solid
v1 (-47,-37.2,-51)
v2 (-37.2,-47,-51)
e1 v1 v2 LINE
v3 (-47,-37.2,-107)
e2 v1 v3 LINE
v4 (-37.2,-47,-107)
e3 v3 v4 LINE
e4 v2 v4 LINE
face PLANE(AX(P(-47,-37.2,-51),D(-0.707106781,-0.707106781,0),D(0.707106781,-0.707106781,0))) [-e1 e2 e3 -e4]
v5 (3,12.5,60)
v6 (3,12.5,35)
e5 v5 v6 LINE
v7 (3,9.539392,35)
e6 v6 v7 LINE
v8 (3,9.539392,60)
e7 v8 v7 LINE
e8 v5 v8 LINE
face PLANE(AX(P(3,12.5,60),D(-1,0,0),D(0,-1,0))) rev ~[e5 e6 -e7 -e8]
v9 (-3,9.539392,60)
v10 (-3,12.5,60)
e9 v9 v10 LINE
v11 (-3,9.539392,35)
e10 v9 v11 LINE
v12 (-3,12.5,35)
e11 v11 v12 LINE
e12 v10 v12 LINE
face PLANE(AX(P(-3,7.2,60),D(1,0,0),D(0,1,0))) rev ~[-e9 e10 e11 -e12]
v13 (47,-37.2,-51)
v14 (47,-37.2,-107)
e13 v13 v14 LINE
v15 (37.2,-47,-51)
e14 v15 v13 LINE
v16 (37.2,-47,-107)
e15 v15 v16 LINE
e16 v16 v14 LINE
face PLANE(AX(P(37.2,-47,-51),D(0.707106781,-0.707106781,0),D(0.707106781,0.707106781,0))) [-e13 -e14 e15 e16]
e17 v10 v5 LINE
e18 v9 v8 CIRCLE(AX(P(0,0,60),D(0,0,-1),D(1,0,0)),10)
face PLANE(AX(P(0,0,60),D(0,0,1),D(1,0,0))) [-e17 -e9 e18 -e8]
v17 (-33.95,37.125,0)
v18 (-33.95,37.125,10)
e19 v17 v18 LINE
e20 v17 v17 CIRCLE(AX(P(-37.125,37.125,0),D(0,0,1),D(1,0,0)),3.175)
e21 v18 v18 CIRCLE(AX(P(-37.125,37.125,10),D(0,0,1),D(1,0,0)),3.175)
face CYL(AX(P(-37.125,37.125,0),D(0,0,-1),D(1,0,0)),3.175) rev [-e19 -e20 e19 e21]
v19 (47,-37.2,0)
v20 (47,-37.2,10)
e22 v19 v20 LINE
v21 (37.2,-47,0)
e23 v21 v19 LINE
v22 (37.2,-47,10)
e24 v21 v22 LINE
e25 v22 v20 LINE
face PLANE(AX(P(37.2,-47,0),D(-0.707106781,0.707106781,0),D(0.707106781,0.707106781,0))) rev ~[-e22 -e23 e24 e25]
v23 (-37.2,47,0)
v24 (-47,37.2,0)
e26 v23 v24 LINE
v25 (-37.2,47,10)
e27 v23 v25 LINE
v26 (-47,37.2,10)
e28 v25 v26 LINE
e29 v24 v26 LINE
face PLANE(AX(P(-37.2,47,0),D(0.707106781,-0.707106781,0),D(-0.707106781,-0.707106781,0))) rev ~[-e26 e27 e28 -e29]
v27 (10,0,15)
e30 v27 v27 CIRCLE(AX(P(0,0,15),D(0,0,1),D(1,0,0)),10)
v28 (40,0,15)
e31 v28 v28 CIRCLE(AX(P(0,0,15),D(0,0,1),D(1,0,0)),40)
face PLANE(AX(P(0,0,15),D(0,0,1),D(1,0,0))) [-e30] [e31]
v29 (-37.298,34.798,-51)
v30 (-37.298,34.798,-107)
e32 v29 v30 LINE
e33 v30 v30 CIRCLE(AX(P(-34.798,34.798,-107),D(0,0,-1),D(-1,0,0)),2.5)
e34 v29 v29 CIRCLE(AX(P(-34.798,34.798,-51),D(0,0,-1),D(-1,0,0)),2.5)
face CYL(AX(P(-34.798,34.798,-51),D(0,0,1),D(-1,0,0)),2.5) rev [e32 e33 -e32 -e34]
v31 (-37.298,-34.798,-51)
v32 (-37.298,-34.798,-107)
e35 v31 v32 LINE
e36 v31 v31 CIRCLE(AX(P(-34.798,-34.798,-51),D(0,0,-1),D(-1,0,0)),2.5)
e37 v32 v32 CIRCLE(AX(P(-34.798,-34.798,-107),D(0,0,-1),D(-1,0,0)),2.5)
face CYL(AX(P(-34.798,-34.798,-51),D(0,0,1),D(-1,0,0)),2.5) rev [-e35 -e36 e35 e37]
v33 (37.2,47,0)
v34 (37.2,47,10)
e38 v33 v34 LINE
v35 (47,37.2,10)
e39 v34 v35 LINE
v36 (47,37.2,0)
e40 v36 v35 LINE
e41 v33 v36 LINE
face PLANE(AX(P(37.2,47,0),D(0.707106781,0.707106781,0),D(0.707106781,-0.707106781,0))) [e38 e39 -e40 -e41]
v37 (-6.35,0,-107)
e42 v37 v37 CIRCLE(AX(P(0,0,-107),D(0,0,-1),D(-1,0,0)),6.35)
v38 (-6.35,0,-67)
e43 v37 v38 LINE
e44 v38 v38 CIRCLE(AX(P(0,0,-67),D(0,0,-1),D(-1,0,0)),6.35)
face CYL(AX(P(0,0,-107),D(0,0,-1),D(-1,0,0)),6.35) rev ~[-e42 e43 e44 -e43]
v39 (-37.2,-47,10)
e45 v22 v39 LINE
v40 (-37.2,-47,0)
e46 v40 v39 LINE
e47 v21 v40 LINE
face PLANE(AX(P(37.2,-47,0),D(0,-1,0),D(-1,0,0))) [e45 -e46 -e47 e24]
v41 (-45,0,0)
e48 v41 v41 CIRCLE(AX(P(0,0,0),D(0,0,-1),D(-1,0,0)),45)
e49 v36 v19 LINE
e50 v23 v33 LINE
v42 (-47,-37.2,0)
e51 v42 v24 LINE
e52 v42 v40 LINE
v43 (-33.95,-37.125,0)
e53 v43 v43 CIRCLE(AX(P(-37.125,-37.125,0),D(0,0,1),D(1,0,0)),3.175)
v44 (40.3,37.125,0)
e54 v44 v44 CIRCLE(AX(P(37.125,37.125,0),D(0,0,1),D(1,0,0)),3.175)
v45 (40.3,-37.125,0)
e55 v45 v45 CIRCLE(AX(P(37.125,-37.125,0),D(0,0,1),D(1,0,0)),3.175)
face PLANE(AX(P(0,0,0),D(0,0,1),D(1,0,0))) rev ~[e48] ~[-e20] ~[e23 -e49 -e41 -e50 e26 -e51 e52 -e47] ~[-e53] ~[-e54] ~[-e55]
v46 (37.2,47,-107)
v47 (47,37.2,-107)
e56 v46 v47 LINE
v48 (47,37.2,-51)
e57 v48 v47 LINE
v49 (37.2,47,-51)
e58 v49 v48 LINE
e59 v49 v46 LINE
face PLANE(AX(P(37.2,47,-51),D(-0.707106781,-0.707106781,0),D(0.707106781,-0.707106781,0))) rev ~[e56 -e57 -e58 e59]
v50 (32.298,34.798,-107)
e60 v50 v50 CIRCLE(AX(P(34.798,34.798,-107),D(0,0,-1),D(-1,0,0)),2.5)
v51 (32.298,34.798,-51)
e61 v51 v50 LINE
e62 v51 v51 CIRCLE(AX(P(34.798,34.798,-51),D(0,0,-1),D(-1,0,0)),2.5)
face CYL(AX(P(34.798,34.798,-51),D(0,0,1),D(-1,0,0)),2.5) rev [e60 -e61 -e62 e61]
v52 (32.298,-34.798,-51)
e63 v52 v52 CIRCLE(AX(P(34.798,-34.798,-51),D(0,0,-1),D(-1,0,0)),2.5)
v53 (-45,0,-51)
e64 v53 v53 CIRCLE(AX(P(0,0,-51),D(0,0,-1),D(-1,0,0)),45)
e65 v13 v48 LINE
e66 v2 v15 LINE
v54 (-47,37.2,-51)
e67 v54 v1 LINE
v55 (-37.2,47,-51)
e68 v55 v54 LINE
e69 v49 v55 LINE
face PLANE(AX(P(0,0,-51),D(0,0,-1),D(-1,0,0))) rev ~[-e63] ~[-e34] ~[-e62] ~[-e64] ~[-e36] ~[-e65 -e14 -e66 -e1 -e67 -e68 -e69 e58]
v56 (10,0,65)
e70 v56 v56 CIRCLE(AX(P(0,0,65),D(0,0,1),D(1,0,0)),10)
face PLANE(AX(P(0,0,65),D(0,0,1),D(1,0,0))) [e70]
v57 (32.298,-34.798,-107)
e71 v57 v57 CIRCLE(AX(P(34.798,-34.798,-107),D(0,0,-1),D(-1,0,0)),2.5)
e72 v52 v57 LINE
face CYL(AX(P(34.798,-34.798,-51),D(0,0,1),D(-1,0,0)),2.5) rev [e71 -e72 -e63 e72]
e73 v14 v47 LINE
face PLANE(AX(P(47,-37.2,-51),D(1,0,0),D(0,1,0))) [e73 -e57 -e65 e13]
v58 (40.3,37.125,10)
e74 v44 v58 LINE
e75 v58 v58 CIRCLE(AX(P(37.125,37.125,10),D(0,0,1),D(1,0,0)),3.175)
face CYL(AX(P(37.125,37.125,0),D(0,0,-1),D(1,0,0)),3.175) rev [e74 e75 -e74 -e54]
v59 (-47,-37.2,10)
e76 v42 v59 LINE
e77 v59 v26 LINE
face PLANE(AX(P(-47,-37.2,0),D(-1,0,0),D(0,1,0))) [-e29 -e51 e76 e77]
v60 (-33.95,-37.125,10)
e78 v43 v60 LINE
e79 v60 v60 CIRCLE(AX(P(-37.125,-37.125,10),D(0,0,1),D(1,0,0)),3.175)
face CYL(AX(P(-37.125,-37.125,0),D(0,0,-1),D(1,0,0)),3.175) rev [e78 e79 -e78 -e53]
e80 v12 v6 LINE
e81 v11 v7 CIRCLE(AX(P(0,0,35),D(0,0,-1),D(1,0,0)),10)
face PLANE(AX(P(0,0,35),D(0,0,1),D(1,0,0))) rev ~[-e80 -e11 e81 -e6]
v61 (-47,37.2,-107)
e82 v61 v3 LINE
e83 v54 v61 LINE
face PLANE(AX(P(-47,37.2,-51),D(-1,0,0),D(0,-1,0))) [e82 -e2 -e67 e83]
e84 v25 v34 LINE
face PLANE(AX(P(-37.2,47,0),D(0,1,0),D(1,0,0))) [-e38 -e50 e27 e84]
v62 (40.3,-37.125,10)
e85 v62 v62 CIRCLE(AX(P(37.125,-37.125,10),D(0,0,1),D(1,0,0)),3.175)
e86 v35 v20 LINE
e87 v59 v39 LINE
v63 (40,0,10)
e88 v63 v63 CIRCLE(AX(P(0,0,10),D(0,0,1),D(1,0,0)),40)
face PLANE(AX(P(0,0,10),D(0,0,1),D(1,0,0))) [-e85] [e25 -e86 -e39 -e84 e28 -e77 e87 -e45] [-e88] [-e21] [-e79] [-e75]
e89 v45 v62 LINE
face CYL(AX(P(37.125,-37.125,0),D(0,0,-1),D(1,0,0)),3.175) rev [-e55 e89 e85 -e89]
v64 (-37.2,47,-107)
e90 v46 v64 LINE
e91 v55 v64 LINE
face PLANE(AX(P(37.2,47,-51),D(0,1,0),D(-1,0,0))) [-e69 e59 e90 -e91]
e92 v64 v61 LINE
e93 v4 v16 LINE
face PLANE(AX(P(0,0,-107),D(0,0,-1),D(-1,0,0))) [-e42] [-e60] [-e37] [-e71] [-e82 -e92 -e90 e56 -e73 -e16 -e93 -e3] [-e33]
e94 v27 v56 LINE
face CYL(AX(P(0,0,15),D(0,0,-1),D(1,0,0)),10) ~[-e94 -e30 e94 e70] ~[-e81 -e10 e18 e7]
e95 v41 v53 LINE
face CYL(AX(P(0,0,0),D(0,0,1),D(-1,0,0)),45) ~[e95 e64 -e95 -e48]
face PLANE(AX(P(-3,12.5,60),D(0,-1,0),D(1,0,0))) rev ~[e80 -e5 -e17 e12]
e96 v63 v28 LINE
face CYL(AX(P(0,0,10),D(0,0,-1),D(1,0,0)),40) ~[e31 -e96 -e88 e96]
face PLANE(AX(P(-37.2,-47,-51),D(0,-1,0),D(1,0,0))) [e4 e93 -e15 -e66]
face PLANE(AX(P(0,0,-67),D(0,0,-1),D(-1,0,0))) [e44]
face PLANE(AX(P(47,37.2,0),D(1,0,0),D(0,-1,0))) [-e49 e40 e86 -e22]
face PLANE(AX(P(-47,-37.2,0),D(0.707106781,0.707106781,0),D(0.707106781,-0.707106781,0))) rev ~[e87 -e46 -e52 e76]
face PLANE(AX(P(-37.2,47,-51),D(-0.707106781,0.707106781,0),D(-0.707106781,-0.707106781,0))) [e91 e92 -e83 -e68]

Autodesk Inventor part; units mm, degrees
ref_plane "YZ Plane" through (0, 0, 0) normal (1, 0, 0) x (0, 1, 0)
ref_plane "XZ Plane" through (0, 0, 0) normal (0, 1, 0) x (-1, 0, 0)
sketch "Sketch1" plane through (0, 0, 0) normal (0, 0, 1) x (1, 0, 0)
  line L0 (-37.2, 47) -> (37.2, 47)
  line L1 (47, 37.2) -> (47, -37.2)
  line L2 (37.2, -47) -> (-37.2, -47)
  line L3 (-47, -37.2) -> (-47, 37.2)
  circle A0 centre (0, 0) radius 52.5 construction
  line L4 (-37.125, 58) -> (-37.125, -64) construction
  line L5 (37.125, 58) -> (37.125, -64) construction
  line L6 (-69, 37.125) -> (85, 37.125) construction
  line L7 (-58, -37.125) -> (77, -37.125) construction
  circle A1 centre (-37.125, 37.125) radius 3.175
  circle A2 centre (37.125, 37.125) radius 3.175
  circle A3 centre (37.125, -37.125) radius 3.175
  circle A4 centre (-37.125, -37.125) radius 3.175
  line L8 (-37.2, 47) -> (-47, 37.2)
  line L9 (37.2, 47) -> (47, 37.2)
  line L10 (-47, -37.2) -> (-37.2, -47)
  line L11 (37.2, -47) -> (47, -37.2)
  point P0 (-47, 47)
  point P1 (47, -47)
  point P2 (47, 47)
  point P3 (-47, -47)
  dimension "d0" = 94
  dimension "d1" = 47
  dimension "d2" = 47
  dimension "d3" = 105
  dimension "d4" = 74.25
  dimension "d5" = 37.125
  dimension "d6" = 74.25
  dimension "d7" = 37.125
  dimension "d8" = 6.35
  dimension "d9" = 6.35
  dimension "d10" = 6.35
  dimension "d11" = 6.35
  dimension "d12" = 9.8
  dimension "d13" = 9.8
  dimension "d14" = 9.8
  dimension "d15" = 9.8
  dimension "d16" = 9.8
  dimension "d17" = 9.8
  dimension "d18" = 9.8
  dimension "d19" = 9.8
extrude "Extrusion1" add sketch "Sketch1" along normal blind 10
sketch "Sketch2" plane through (0, 0, 10) normal (0, 0, 1) x (1, 0, 0)
  circle A0 centre (0, 0) radius 40
  dimension "d22" = 80
extrude "Extrusion2" add sketch "Sketch2" along normal blind 5
sketch "Sketch3" plane through (0, 0, 15) normal (0, 0, 1) x (1, 0, 0)
  circle A0 centre (0, 0) radius 10
  dimension "d25" = 20
extrude "Extrusion3" add sketch "Sketch3" along normal blind 50
ref_plane "Work Plane1" through (0, 0, 60) normal (0, 0, 1) x (1, 0, 0)
sketch "Sketch5" plane through (0, 0, 60) normal (0, 0, 1) x (1, 0, 0)
  line L0 (-3, 12.5) -> (3, 12.5)
  line L1 (3, 12.5) -> (3, 7.2)
  line L2 (3, 7.2) -> (-3, 7.2)
  line L3 (-3, 7.2) -> (-3, 12.5)
  point P0 (0, 0)
  dimension "d29" = 6
  dimension "d30" = 3
  dimension "d31" = 12.5
extrude "Extrusion4" add sketch "Sketch5" against normal blind 25
sketch "Sketch6" plane through (0, 0, 0) normal (0, 0, -1) x (-1, 0, 0)
  circle A0 centre (0, 0) radius 45
  dimension "d34" = 90
extrude "Extrusion5" add sketch "Sketch6" along normal blind 51
sketch "Sketch8" plane through (0, 0, -51) normal (0, 0, -1) x (-1, 0, 0)
  line L0 (-37.2, 47) -> (37.2, 47)
  line L1 (47, 37.2) -> (47, -37.2)
  line L2 (37.2, -47) -> (-37.2, -47)
  line L3 (-47, -37.2) -> (-47, 37.2)
  line L4 (-37.2, 47) -> (37.2, 47) projected
  line L5 (47, 37.2) -> (47, -37.2) projected
  line L6 (37.2, -47) -> (-37.2, -47) projected
  line L7 (-47, -37.2) -> (-47, 37.2) projected
  circle A0 centre (-34.798, 34.798) radius 2.5
  circle A1 centre (34.798, 34.798) radius 2.5
  circle A2 centre (34.798, -34.798) radius 2.5
  circle A3 centre (-34.798, -34.798) radius 2.5
  line L8 (-37.2, 47) -> (-47, 37.2)
  line L9 (37.2, 47) -> (47, 37.2)
  line L10 (47, -37.2) -> (37.2, -47)
  line L11 (-37.2, -47) -> (-47, -37.2)
  point P0 (0, 0)
  point P1 (-47, 47)
  point P2 (47, -47)
  point P3 (47, 47)
  point P4 (-47, -47)
  dimension "d38" = 5
  dimension "d39" = 5
  dimension "d40" = 5
  dimension "d41" = 5
  dimension "d42" = 69.596
  dimension "d43" = 69.596
  dimension "d44" = 69.596
  dimension "d45" = 69.596
  dimension "d46" = 34.798
  dimension "d47" = 34.798
  dimension "d48" = 34.798
  dimension "d49" = 34.798
  dimension "d50" = 9.8
  dimension "d51" = 9.8
  dimension "d52" = 9.8
  dimension "d53" = 9.8
  dimension "d54" = 9.8
  dimension "d55" = 9.8
  dimension "d56" = 9.8
  dimension "d57" = 9.8
extrude "Extrusion6" add sketch "Sketch8" along normal blind 56
sketch "Sketch9" plane through (0, 0, -107) normal (0, 0, -1) x (-1, 0, 0)
  circle A0 centre (0, 0) radius 6.35
  dimension "d60" = 12.7
extrude "Extrusion7" cut sketch "Sketch9" against normal blind 40
equation "\"d13\" = d12"
equation "\"d14\" = d12"
equation "\"d15\" = d14"
equation "\"d16\" = d12"
equation "\"d17\" = d16"
equation "\"d18\" = d12"
equation "\"d19\" = d18"
equation "\"d51\" = d50"
equation "\"d52\" = d50"
equation "\"d53\" = d52"
equation "\"d54\" = d50"
equation "\"d55\" = d54"
equation "\"d56\" = d50"
equation "\"d57\" = d56"
properties part number "1224a_Stepper Motor Gearbox_V1"
